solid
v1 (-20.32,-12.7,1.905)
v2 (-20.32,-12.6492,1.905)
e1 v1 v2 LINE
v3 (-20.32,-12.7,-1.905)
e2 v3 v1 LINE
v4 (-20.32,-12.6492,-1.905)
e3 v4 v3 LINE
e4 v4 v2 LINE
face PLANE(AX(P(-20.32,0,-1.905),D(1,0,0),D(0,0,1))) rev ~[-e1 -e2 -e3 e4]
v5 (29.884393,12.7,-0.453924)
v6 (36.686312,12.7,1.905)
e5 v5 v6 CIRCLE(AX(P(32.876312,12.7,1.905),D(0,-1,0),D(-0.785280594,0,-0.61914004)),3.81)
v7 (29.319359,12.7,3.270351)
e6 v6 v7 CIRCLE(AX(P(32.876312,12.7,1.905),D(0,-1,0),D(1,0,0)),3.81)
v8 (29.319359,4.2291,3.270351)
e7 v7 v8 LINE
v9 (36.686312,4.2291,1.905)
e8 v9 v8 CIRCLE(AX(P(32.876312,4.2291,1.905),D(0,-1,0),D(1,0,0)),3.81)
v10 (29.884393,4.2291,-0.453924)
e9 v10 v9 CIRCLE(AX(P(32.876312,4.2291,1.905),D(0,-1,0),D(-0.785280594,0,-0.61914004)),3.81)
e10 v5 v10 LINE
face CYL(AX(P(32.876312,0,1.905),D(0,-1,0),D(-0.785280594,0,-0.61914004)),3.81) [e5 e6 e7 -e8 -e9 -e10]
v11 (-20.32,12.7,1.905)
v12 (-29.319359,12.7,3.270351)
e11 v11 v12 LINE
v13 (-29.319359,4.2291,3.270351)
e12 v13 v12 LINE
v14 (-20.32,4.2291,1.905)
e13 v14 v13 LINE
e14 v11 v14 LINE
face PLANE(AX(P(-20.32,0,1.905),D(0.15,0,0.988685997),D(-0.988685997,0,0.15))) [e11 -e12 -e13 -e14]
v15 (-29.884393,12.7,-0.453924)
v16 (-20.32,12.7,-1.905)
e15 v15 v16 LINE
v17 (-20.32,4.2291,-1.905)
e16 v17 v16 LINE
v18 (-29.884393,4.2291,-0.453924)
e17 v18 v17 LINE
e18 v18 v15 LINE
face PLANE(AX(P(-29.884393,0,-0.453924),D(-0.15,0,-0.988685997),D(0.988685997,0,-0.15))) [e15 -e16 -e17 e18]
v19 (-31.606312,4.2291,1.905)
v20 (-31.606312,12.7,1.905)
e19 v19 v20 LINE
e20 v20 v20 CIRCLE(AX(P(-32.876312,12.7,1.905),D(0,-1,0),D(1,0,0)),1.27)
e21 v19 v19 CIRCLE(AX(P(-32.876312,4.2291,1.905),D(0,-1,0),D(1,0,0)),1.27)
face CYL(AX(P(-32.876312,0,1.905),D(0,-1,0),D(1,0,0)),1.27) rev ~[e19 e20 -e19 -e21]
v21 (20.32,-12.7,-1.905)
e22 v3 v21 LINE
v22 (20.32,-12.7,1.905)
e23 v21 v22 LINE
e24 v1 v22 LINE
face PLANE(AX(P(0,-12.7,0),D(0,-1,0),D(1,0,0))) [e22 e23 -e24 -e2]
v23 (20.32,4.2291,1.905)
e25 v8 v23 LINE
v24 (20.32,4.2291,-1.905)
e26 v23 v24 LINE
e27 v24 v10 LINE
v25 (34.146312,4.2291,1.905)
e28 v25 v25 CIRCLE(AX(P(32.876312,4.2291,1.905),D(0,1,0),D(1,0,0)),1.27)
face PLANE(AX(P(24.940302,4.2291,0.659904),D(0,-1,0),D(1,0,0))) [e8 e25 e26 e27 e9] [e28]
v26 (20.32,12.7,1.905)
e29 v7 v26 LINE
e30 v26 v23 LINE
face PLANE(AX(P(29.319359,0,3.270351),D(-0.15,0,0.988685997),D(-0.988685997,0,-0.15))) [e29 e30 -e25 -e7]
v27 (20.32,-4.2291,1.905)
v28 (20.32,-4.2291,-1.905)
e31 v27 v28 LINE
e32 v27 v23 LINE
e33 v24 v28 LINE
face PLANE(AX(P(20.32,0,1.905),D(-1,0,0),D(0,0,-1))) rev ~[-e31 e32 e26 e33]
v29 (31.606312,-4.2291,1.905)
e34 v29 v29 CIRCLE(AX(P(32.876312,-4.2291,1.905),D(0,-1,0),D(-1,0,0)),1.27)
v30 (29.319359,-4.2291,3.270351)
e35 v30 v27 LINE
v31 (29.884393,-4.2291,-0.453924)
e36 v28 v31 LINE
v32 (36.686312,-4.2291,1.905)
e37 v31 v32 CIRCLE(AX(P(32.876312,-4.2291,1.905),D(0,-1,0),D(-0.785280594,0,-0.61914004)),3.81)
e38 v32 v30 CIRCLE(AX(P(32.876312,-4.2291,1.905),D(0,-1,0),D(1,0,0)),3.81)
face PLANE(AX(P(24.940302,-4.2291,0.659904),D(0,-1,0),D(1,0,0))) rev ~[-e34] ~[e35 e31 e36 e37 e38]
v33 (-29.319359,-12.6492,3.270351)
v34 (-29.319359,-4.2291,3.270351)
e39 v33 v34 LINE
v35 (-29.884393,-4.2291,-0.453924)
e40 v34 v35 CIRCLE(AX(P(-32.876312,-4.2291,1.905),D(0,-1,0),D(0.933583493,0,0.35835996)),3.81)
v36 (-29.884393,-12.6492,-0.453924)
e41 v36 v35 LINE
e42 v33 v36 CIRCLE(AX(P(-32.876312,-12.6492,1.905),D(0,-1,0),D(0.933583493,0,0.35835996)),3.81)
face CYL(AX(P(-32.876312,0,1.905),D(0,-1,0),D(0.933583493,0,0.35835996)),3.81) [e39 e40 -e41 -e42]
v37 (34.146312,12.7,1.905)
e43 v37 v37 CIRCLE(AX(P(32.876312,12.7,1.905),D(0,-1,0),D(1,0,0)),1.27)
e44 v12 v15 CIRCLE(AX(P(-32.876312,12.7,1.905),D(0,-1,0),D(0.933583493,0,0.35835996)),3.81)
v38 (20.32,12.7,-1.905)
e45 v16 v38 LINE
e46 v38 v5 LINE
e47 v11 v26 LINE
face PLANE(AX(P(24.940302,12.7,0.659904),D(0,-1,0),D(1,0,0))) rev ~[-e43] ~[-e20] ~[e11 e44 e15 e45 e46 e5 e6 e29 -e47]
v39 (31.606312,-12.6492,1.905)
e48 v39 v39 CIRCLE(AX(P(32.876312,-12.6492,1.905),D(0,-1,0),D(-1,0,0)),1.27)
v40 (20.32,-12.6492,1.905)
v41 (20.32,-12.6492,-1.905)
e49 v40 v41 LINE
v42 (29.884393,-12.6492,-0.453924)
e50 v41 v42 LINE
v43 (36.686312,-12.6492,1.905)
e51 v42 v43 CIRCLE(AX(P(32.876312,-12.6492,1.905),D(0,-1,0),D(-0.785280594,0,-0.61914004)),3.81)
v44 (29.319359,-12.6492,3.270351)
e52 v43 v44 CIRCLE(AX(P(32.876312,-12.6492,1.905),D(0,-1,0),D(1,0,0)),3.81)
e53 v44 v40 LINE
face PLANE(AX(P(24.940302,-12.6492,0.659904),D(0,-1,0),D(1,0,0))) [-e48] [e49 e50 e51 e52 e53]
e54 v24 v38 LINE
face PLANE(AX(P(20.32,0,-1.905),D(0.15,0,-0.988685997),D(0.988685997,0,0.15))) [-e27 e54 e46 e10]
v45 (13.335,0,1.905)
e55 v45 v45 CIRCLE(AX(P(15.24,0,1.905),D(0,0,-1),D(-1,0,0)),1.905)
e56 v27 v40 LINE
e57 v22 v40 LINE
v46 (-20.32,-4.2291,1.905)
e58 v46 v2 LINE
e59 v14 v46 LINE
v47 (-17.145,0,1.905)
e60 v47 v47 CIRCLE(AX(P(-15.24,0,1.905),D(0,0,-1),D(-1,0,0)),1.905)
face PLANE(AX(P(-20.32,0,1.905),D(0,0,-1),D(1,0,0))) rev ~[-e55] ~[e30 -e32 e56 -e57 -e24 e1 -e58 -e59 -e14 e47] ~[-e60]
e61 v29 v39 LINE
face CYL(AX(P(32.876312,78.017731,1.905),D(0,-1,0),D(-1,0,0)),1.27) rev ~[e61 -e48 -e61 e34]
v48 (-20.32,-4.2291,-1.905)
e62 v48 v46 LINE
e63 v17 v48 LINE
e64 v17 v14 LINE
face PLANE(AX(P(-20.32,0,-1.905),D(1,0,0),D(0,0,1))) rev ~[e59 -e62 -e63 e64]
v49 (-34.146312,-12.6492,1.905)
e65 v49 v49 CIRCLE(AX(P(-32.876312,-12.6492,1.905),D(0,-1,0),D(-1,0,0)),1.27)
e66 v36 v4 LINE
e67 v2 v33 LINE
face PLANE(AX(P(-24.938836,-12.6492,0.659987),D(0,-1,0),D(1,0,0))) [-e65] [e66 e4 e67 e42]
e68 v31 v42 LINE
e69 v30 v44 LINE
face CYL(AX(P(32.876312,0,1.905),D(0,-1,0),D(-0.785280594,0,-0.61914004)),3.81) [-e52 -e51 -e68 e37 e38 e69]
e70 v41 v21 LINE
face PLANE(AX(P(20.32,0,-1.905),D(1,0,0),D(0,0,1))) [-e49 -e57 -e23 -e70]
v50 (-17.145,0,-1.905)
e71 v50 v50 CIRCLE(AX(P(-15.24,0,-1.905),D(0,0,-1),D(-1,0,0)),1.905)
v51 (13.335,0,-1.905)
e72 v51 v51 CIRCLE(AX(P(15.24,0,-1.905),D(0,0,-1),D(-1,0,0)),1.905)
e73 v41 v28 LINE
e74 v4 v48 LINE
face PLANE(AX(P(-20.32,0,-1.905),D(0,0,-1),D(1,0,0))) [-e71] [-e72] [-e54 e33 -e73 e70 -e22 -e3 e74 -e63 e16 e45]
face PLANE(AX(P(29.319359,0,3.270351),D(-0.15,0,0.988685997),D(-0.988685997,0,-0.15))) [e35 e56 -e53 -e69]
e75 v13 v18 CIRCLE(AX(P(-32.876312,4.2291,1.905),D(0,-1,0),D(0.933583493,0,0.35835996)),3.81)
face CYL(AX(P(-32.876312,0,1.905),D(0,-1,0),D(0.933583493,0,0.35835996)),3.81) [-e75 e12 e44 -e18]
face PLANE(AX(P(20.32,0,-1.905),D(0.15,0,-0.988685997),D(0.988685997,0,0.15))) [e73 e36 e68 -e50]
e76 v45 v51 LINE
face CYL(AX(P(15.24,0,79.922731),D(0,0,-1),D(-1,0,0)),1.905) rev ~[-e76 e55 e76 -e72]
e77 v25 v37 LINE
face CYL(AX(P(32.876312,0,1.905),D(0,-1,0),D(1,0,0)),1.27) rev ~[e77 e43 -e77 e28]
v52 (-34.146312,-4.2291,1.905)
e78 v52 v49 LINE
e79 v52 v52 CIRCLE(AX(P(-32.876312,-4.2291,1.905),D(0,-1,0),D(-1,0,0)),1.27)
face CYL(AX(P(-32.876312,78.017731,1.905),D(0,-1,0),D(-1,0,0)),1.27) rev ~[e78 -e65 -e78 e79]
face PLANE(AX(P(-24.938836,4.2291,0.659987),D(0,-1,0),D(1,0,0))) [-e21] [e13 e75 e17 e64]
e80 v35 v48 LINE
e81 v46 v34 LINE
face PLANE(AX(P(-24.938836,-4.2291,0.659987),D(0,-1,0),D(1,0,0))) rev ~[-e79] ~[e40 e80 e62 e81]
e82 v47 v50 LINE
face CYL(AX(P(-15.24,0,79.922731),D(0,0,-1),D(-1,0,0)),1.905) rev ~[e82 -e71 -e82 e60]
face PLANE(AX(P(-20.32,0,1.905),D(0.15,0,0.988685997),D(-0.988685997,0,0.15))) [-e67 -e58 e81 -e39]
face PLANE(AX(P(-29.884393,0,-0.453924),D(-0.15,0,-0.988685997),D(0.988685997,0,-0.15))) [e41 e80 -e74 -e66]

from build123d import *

# Parameters (mm, degrees)
F0_W          = 40.64
F0_H          = 3.81
F1_DEPTH      = 12.7
F2_DEPTH      = 12.6492
F2_DEPTH_BACK = 12.7
F3_D          = 2.54
F3_DEPTH      = 12.701
F4_D          = 2.54
F6_DEPTH      = 4.2291
F7_DEPTH      = 4.2291
F8_D          = 3.81


with BuildPart() as f1:
    # F0 (on Front) → F1 (new body, symmetric)
    with BuildSketch(Plane.XZ):
        Rectangle(F0_W, F0_H)
    extrude(amount=F1_DEPTH, both=True)

    # F0 (on Front) → F2 (join, two sides)
    with BuildSketch(Plane.XZ) as f2_sk:
        with BuildLine():
            Line((20.32, 1.905), (20.32, -1.905))
            Line((20.32, -1.905), (29.8843930952, -0.4539235519))
            ThreePointArc((29.8843930952, -0.4539235519), (29.1094185103, 1.3335), (29.3193590481, 3.2703514481))
            Line((29.3193590481, 3.2703514481), (20.32, 1.905))
        make_face()
        with BuildLine():
            Line((32.8763121576, 0), (29.8843930952, -0.4539235519))
            ThreePointArc((29.8843930952, -0.4539235519), (34.1246887779, -1.6946744039), (36.6863121576, 1.905))
            ThreePointArc((36.6863121576, 1.905), (33.5706134801, 5.6512041687), (29.3193590481, 3.2703514481))
            Line((29.3193590481, 3.2703514481), (32.8763121576, 3.81))
            Line((32.8763121576, 3.81), (32.8763121576, 0))
        make_face()
        with BuildLine():
            ThreePointArc((29.3193590481, 3.2703514481), (29.1094185103, 1.3335), (29.8843930952, -0.4539235519))
            Line((29.8843930952, -0.4539235519), (32.8763121576, 0))
            Line((32.8763121576, 0), (32.8763121576, 3.81))
            Line((32.8763121576, 3.81), (29.3193590481, 3.2703514481))
        make_face()
        with BuildLine():
            Line((-29.8843930952, -0.4539235519), (-20.32, -1.905))
            Line((-20.32, -1.905), (-20.32, 1.905))
            Line((-20.32, 1.905), (-29.3193590481, 3.2703514481))
            ThreePointArc((-29.3193590481, 3.2703514481), (-29.1301079889, 2.5993013225), (-29.0663121576, 1.905))
            ThreePointArc((-29.0663121576, 1.905), (-29.2766377538, 0.6566233797), (-29.8843930952, -0.4539235519))
        make_face()
        with BuildLine():
            ThreePointArc((-29.3193590481, 3.2703514481), (-36.6432058049, 2.4765), (-29.8843930952, -0.4539235519))
            Line((-29.8843930952, -0.4539235519), (-32.8763121576, 0))
            Line((-32.8763121576, 0), (-32.8763121576, 3.81))
            Line((-32.8763121576, 3.81), (-29.3193590481, 3.2703514481))
        make_face()
        with BuildLine():
            Line((-32.8763121576, 0), (-29.8843930952, -0.4539235519))
            ThreePointArc((-29.8843930952, -0.4539235519), (-29.2766377538, 0.6566233797), (-29.0663121576, 1.905))
            ThreePointArc((-29.0663121576, 1.905), (-29.1301079889, 2.5993013225), (-29.3193590481, 3.2703514481))
            Line((-29.3193590481, 3.2703514481), (-32.8763121576, 3.81))
            Line((-32.8763121576, 3.81), (-32.8763121576, 0))
        make_face()
    extrude(amount=F2_DEPTH)
    extrude(f2_sk.sketch, amount=-F2_DEPTH_BACK)

    # F3 (through all, one way)
    with BuildSketch(Plane.XZ):
        with Locations((32.8763121576, 1.905), (-32.8763121576, 1.905)):
            Circle(F3_D / 2)
    extrude(amount=-F3_DEPTH, mode=Mode.SUBTRACT)

    # F4 (through all)
    with Locations(Plane(origin=(0, 0, 0), x_dir=(1, 0, 0), z_dir=(0, 1, 0))):
        with Locations((32.8763121576, -1.905), (-32.8763121576, -1.905)):
            Hole(F4_D / 2)

    # F0 (on Front) → F6 (cut, symmetric)
    with BuildSketch(Plane.XZ):
        with BuildLine():
            Line((20.32, 1.905), (20.32, -1.905))
            Line((20.32, -1.905), (29.8843930952, -0.4539235519))
            ThreePointArc((29.8843930952, -0.4539235519), (29.1094185103, 1.3335), (29.3193590481, 3.2703514481))
            Line((29.3193590481, 3.2703514481), (20.32, 1.905))
        make_face()
        with BuildLine():
            Line((32.8763121576, 0), (29.8843930952, -0.4539235519))
            ThreePointArc((29.8843930952, -0.4539235519), (34.1246887779, -1.6946744039), (36.6863121576, 1.905))
            ThreePointArc((36.6863121576, 1.905), (33.5706134801, 5.6512041687), (29.3193590481, 3.2703514481))
            Line((29.3193590481, 3.2703514481), (32.8763121576, 3.81))
            Line((32.8763121576, 3.81), (32.8763121576, 0))
        make_face()
        with BuildLine():
            ThreePointArc((29.3193590481, 3.2703514481), (29.1094185103, 1.3335), (29.8843930952, -0.4539235519))
            Line((29.8843930952, -0.4539235519), (32.8763121576, 0))
            Line((32.8763121576, 0), (32.8763121576, 3.81))
            Line((32.8763121576, 3.81), (29.3193590481, 3.2703514481))
        make_face()
    extrude(amount=F6_DEPTH, both=True, mode=Mode.SUBTRACT)

    # F0 (on Front) → F7 (cut, symmetric)
    with BuildSketch(Plane.XZ):
        with BuildLine():
            Line((-29.8843930952, -0.4539235519), (-20.32, -1.905))
            Line((-20.32, -1.905), (-20.32, 1.905))
            Line((-20.32, 1.905), (-29.3193590481, 3.2703514481))
            ThreePointArc((-29.3193590481, 3.2703514481), (-29.1301079889, 2.5993013225), (-29.0663121576, 1.905))
            ThreePointArc((-29.0663121576, 1.905), (-29.2766377538, 0.6566233797), (-29.8843930952, -0.4539235519))
        make_face()
        with BuildLine():
            Line((-32.8763121576, 0), (-29.8843930952, -0.4539235519))
            ThreePointArc((-29.8843930952, -0.4539235519), (-29.2766377538, 0.6566233797), (-29.0663121576, 1.905))
            ThreePointArc((-29.0663121576, 1.905), (-29.1301079889, 2.5993013225), (-29.3193590481, 3.2703514481))
            Line((-29.3193590481, 3.2703514481), (-32.8763121576, 3.81))
            Line((-32.8763121576, 3.81), (-32.8763121576, 0))
        make_face()
        with BuildLine():
            ThreePointArc((-29.3193590481, 3.2703514481), (-36.6432058049, 2.4765), (-29.8843930952, -0.4539235519))
            Line((-29.8843930952, -0.4539235519), (-32.8763121576, 0))
            Line((-32.8763121576, 0), (-32.8763121576, 3.81))
            Line((-32.8763121576, 3.81), (-29.3193590481, 3.2703514481))
        make_face()
    extrude(amount=F7_DEPTH, both=True, mode=Mode.SUBTRACT)

    # F8 (through all)
    with Locations(Plane.XY.offset(1.905)):
        with Locations((-15.24, 0), (15.24, 0)):
            Hole(F8_D / 2)


solid = f1.part
